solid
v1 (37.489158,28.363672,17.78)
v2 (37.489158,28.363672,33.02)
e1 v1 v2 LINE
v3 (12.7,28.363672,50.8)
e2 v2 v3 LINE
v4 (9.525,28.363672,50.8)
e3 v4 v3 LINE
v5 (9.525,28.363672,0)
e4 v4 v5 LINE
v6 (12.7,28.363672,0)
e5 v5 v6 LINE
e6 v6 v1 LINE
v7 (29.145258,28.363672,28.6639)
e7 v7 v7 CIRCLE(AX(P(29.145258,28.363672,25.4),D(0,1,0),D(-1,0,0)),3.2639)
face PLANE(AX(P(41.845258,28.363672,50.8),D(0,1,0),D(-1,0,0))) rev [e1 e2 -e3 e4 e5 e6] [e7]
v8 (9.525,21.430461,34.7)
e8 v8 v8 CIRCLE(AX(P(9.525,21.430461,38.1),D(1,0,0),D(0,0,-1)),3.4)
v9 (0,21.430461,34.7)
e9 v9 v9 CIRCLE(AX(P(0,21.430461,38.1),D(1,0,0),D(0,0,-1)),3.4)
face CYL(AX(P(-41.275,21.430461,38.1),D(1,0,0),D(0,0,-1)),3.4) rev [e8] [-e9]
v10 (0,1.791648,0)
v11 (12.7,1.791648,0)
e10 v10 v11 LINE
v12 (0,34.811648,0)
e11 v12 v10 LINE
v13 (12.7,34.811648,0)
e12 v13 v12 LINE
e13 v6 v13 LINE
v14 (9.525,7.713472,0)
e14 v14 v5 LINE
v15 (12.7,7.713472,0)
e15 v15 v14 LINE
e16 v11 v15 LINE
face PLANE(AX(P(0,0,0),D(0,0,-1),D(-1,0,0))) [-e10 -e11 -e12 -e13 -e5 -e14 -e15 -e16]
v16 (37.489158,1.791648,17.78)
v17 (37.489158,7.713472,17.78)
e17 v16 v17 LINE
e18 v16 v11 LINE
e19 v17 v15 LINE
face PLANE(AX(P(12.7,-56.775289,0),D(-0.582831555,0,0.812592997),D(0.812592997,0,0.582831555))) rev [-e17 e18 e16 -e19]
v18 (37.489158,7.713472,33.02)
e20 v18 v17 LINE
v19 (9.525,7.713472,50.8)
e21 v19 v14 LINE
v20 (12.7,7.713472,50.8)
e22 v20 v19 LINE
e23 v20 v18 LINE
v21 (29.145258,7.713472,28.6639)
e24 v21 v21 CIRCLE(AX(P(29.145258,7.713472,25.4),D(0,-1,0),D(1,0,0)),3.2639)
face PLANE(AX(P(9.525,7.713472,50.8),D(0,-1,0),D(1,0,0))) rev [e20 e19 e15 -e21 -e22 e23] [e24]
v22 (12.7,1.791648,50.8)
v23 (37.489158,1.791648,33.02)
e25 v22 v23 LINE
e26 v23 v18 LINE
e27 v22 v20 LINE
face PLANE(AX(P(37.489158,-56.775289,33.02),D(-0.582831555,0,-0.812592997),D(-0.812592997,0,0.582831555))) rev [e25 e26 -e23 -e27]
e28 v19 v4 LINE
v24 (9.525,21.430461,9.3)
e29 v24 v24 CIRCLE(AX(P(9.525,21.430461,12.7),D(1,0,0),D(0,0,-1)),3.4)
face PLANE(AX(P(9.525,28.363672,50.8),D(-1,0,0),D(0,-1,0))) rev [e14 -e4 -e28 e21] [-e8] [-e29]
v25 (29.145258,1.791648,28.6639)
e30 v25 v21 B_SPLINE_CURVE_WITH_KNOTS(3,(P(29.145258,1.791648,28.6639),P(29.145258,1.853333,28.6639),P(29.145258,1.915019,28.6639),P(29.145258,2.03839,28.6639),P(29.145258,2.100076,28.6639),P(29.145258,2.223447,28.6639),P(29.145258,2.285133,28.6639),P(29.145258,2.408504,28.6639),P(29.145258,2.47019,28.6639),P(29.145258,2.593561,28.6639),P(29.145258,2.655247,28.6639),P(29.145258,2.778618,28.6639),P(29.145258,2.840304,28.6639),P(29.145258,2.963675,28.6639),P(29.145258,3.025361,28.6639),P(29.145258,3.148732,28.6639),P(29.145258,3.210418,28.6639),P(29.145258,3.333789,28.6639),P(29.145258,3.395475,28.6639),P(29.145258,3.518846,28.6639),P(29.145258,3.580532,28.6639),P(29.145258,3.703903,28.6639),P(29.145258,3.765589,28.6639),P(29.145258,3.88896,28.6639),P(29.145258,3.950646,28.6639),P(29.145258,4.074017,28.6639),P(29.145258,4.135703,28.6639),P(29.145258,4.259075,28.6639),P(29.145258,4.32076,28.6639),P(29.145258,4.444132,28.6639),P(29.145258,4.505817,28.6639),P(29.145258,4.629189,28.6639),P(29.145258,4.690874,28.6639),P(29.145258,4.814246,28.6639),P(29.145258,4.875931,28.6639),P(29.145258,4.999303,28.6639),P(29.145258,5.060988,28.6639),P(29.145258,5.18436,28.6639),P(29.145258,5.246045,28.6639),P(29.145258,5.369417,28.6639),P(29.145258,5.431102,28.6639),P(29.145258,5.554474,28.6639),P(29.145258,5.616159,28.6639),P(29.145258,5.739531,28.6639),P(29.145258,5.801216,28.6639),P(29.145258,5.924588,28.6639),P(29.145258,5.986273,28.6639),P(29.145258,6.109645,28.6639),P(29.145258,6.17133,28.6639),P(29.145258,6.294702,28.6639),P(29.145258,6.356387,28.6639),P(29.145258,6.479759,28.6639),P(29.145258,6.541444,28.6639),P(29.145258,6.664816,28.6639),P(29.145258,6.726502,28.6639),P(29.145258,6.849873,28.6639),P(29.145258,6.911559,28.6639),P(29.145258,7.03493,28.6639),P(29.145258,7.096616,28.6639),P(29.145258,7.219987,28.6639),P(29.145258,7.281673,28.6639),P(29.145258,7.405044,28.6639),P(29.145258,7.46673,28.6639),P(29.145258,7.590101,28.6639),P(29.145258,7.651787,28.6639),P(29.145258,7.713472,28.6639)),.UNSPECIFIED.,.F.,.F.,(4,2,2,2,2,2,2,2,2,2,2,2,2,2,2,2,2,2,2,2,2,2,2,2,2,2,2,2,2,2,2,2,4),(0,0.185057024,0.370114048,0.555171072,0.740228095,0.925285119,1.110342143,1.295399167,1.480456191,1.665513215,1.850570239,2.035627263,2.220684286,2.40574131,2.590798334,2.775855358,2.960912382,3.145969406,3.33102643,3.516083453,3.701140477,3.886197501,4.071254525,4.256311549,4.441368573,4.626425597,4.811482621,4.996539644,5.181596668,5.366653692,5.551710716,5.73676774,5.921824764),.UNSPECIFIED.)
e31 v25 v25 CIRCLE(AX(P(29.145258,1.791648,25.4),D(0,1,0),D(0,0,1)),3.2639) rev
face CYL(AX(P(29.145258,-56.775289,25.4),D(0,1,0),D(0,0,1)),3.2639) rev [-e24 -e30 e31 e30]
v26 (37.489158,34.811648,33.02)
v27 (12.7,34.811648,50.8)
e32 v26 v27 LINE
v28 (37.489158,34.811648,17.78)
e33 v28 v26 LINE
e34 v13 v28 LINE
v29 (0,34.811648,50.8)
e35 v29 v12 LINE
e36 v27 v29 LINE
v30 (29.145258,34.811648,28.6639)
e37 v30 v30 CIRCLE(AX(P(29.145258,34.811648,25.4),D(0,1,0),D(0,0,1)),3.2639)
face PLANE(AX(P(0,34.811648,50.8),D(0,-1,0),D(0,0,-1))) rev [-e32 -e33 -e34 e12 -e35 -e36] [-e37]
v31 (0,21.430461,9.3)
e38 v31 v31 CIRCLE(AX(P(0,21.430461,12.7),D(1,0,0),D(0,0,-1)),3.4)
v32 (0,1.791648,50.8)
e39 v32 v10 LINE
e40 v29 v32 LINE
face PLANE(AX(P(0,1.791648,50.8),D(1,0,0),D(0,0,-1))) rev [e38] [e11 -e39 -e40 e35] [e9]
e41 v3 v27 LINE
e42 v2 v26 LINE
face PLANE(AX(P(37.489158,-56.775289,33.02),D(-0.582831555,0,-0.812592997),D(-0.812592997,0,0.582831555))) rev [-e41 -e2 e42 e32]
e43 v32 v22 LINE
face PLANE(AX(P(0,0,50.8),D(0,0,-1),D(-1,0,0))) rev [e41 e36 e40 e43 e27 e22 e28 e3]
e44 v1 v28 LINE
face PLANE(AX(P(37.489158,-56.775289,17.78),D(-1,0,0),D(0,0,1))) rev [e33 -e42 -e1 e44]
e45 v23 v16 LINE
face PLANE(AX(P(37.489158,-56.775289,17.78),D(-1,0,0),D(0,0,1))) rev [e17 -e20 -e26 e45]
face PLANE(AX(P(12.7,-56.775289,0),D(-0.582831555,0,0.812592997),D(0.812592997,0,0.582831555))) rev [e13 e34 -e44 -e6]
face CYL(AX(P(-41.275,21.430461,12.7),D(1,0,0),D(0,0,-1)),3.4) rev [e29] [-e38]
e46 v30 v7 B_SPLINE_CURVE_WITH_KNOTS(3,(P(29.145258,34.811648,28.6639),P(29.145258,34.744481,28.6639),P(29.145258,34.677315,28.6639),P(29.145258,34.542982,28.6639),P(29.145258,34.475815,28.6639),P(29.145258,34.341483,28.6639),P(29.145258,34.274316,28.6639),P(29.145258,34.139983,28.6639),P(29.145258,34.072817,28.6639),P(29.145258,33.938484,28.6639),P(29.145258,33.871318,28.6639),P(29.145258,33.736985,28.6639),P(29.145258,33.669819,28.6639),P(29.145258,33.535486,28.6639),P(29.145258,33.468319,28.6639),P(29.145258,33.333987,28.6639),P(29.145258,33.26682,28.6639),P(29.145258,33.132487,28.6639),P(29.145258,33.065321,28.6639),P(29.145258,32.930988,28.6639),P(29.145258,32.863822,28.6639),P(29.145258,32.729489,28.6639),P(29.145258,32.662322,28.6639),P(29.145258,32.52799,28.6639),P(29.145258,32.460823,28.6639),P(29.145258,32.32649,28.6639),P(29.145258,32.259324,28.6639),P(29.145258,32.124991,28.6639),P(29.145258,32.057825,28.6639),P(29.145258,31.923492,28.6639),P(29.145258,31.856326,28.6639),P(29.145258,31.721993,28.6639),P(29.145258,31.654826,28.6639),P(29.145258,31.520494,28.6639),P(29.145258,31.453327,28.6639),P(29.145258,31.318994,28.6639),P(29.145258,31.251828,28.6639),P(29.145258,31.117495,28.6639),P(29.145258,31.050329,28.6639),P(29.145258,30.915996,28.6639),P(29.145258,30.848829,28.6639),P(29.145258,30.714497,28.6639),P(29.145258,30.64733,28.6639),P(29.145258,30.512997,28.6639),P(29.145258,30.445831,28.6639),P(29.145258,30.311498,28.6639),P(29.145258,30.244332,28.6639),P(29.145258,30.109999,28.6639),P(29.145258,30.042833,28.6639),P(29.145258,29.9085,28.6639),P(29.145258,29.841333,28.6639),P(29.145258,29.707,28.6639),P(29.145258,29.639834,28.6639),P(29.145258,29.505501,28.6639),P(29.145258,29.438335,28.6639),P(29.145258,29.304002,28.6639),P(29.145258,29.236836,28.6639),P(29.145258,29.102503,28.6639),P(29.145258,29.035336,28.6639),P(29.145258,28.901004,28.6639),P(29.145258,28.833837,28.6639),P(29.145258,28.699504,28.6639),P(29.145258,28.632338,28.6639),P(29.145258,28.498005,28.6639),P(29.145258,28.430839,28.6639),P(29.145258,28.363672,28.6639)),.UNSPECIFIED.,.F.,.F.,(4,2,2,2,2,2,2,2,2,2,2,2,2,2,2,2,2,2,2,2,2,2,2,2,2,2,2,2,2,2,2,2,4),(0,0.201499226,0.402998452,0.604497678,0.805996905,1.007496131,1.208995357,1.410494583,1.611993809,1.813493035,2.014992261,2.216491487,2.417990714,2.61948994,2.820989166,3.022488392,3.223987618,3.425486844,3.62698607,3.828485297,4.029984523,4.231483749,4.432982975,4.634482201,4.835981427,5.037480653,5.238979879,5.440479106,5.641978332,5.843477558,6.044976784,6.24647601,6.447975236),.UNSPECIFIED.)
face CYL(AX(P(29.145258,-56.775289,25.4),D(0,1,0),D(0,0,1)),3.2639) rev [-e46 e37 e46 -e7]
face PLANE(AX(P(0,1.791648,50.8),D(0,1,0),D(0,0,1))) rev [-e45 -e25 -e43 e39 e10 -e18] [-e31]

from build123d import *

# Parameters (mm, degrees)
BOSS_EXTRUDE1_DEPTH          = 50.8
SKETCH2_R                    = 3.4
M8X1_25_THREADED_HOLES_DEPTH = 50.8
CUT_EXTRUDE2_REACH           = 75.634
SKETCH3_R                    = 3.2639


with BuildPart() as part:
    # Sketch1 → Boss-Extrude1 (new body)
    with BuildSketch(Plane.XY):
        Polygon((0, 1.791647537), (0, 34.811647537), (41.845257966, 34.811647537), (41.845257966, 28.3636723), (9.525, 28.3636723), (9.525, 7.7134723), (41.845257966, 7.7134723), (41.845257966, 1.791647537), align=None)
    extrude(amount=BOSS_EXTRUDE1_DEPTH)

    # Sketch2 → M8x1.25 Threaded Holes (cut)
    with BuildSketch(Plane(origin=(9.525, 0, 0), x_dir=(0, 0, -1), z_dir=(1, 0, 0))):
        with Locations((-38.1, 21.430460881)):
            Circle(SKETCH2_R)
        with Locations((-12.7, 21.430460881)):
            Circle(SKETCH2_R)
    extrude(amount=-M8X1_25_THREADED_HOLES_DEPTH, mode=Mode.SUBTRACT)

    # Cut-Extrude2: up to this face of the body (flat: up to its plane)
    cut_extrude2_end = Plane(part.part.faces().sort_by_distance((20.922628983, 1.791647537, 25.4))[0])
    # Sketch3 → Cut-Extrude2 (cut, up to the picked face)
    with BuildSketch(Plane(origin=(0, 34.811647537, 0), x_dir=(1, 0, 0), z_dir=(0, 1, 0)), mode=Mode.PRIVATE) as cut_extrude2_sk1:
        with Locations(Location((29.145257966, -25.4, 0), (0, 0, 270))):
            Circle(SKETCH3_R)
    cut_extrude2_tool1 = split(extrude(cut_extrude2_sk1.sketch, amount=-CUT_EXTRUDE2_REACH, mode=Mode.PRIVATE), bisect_by=cut_extrude2_end, keep=Keep.BOTH, mode=Mode.PRIVATE)
    # Sketch3 → Cut-Extrude2 (cut, up to the picked face)
    with BuildSketch(Plane(origin=(0, 34.811647537, 0), x_dir=(1, 0, 0), z_dir=(0, 1, 0)), mode=Mode.PRIVATE) as cut_extrude2_sk2:
        Polygon((12.7, 0), (37.489157966, -17.78), (37.489157966, -33.02), (12.7, -50.8), (41.845257966, -50.8), (41.845257966, 0), align=None)
    cut_extrude2_tool2 = split(extrude(cut_extrude2_sk2.sketch, amount=-CUT_EXTRUDE2_REACH, mode=Mode.PRIVATE), bisect_by=cut_extrude2_end, keep=Keep.BOTH, mode=Mode.PRIVATE)
    add(cut_extrude2_tool1.solids().sort_by(Axis((29.145258, 34.811648, 25.4), (0, -1, 0)))[0], mode=Mode.SUBTRACT)
    add(cut_extrude2_tool2.solids().sort_by(Axis((25.435926, 34.811648, 8.414089), (0, -1, 0)))[0], mode=Mode.SUBTRACT)


solid = part.part
